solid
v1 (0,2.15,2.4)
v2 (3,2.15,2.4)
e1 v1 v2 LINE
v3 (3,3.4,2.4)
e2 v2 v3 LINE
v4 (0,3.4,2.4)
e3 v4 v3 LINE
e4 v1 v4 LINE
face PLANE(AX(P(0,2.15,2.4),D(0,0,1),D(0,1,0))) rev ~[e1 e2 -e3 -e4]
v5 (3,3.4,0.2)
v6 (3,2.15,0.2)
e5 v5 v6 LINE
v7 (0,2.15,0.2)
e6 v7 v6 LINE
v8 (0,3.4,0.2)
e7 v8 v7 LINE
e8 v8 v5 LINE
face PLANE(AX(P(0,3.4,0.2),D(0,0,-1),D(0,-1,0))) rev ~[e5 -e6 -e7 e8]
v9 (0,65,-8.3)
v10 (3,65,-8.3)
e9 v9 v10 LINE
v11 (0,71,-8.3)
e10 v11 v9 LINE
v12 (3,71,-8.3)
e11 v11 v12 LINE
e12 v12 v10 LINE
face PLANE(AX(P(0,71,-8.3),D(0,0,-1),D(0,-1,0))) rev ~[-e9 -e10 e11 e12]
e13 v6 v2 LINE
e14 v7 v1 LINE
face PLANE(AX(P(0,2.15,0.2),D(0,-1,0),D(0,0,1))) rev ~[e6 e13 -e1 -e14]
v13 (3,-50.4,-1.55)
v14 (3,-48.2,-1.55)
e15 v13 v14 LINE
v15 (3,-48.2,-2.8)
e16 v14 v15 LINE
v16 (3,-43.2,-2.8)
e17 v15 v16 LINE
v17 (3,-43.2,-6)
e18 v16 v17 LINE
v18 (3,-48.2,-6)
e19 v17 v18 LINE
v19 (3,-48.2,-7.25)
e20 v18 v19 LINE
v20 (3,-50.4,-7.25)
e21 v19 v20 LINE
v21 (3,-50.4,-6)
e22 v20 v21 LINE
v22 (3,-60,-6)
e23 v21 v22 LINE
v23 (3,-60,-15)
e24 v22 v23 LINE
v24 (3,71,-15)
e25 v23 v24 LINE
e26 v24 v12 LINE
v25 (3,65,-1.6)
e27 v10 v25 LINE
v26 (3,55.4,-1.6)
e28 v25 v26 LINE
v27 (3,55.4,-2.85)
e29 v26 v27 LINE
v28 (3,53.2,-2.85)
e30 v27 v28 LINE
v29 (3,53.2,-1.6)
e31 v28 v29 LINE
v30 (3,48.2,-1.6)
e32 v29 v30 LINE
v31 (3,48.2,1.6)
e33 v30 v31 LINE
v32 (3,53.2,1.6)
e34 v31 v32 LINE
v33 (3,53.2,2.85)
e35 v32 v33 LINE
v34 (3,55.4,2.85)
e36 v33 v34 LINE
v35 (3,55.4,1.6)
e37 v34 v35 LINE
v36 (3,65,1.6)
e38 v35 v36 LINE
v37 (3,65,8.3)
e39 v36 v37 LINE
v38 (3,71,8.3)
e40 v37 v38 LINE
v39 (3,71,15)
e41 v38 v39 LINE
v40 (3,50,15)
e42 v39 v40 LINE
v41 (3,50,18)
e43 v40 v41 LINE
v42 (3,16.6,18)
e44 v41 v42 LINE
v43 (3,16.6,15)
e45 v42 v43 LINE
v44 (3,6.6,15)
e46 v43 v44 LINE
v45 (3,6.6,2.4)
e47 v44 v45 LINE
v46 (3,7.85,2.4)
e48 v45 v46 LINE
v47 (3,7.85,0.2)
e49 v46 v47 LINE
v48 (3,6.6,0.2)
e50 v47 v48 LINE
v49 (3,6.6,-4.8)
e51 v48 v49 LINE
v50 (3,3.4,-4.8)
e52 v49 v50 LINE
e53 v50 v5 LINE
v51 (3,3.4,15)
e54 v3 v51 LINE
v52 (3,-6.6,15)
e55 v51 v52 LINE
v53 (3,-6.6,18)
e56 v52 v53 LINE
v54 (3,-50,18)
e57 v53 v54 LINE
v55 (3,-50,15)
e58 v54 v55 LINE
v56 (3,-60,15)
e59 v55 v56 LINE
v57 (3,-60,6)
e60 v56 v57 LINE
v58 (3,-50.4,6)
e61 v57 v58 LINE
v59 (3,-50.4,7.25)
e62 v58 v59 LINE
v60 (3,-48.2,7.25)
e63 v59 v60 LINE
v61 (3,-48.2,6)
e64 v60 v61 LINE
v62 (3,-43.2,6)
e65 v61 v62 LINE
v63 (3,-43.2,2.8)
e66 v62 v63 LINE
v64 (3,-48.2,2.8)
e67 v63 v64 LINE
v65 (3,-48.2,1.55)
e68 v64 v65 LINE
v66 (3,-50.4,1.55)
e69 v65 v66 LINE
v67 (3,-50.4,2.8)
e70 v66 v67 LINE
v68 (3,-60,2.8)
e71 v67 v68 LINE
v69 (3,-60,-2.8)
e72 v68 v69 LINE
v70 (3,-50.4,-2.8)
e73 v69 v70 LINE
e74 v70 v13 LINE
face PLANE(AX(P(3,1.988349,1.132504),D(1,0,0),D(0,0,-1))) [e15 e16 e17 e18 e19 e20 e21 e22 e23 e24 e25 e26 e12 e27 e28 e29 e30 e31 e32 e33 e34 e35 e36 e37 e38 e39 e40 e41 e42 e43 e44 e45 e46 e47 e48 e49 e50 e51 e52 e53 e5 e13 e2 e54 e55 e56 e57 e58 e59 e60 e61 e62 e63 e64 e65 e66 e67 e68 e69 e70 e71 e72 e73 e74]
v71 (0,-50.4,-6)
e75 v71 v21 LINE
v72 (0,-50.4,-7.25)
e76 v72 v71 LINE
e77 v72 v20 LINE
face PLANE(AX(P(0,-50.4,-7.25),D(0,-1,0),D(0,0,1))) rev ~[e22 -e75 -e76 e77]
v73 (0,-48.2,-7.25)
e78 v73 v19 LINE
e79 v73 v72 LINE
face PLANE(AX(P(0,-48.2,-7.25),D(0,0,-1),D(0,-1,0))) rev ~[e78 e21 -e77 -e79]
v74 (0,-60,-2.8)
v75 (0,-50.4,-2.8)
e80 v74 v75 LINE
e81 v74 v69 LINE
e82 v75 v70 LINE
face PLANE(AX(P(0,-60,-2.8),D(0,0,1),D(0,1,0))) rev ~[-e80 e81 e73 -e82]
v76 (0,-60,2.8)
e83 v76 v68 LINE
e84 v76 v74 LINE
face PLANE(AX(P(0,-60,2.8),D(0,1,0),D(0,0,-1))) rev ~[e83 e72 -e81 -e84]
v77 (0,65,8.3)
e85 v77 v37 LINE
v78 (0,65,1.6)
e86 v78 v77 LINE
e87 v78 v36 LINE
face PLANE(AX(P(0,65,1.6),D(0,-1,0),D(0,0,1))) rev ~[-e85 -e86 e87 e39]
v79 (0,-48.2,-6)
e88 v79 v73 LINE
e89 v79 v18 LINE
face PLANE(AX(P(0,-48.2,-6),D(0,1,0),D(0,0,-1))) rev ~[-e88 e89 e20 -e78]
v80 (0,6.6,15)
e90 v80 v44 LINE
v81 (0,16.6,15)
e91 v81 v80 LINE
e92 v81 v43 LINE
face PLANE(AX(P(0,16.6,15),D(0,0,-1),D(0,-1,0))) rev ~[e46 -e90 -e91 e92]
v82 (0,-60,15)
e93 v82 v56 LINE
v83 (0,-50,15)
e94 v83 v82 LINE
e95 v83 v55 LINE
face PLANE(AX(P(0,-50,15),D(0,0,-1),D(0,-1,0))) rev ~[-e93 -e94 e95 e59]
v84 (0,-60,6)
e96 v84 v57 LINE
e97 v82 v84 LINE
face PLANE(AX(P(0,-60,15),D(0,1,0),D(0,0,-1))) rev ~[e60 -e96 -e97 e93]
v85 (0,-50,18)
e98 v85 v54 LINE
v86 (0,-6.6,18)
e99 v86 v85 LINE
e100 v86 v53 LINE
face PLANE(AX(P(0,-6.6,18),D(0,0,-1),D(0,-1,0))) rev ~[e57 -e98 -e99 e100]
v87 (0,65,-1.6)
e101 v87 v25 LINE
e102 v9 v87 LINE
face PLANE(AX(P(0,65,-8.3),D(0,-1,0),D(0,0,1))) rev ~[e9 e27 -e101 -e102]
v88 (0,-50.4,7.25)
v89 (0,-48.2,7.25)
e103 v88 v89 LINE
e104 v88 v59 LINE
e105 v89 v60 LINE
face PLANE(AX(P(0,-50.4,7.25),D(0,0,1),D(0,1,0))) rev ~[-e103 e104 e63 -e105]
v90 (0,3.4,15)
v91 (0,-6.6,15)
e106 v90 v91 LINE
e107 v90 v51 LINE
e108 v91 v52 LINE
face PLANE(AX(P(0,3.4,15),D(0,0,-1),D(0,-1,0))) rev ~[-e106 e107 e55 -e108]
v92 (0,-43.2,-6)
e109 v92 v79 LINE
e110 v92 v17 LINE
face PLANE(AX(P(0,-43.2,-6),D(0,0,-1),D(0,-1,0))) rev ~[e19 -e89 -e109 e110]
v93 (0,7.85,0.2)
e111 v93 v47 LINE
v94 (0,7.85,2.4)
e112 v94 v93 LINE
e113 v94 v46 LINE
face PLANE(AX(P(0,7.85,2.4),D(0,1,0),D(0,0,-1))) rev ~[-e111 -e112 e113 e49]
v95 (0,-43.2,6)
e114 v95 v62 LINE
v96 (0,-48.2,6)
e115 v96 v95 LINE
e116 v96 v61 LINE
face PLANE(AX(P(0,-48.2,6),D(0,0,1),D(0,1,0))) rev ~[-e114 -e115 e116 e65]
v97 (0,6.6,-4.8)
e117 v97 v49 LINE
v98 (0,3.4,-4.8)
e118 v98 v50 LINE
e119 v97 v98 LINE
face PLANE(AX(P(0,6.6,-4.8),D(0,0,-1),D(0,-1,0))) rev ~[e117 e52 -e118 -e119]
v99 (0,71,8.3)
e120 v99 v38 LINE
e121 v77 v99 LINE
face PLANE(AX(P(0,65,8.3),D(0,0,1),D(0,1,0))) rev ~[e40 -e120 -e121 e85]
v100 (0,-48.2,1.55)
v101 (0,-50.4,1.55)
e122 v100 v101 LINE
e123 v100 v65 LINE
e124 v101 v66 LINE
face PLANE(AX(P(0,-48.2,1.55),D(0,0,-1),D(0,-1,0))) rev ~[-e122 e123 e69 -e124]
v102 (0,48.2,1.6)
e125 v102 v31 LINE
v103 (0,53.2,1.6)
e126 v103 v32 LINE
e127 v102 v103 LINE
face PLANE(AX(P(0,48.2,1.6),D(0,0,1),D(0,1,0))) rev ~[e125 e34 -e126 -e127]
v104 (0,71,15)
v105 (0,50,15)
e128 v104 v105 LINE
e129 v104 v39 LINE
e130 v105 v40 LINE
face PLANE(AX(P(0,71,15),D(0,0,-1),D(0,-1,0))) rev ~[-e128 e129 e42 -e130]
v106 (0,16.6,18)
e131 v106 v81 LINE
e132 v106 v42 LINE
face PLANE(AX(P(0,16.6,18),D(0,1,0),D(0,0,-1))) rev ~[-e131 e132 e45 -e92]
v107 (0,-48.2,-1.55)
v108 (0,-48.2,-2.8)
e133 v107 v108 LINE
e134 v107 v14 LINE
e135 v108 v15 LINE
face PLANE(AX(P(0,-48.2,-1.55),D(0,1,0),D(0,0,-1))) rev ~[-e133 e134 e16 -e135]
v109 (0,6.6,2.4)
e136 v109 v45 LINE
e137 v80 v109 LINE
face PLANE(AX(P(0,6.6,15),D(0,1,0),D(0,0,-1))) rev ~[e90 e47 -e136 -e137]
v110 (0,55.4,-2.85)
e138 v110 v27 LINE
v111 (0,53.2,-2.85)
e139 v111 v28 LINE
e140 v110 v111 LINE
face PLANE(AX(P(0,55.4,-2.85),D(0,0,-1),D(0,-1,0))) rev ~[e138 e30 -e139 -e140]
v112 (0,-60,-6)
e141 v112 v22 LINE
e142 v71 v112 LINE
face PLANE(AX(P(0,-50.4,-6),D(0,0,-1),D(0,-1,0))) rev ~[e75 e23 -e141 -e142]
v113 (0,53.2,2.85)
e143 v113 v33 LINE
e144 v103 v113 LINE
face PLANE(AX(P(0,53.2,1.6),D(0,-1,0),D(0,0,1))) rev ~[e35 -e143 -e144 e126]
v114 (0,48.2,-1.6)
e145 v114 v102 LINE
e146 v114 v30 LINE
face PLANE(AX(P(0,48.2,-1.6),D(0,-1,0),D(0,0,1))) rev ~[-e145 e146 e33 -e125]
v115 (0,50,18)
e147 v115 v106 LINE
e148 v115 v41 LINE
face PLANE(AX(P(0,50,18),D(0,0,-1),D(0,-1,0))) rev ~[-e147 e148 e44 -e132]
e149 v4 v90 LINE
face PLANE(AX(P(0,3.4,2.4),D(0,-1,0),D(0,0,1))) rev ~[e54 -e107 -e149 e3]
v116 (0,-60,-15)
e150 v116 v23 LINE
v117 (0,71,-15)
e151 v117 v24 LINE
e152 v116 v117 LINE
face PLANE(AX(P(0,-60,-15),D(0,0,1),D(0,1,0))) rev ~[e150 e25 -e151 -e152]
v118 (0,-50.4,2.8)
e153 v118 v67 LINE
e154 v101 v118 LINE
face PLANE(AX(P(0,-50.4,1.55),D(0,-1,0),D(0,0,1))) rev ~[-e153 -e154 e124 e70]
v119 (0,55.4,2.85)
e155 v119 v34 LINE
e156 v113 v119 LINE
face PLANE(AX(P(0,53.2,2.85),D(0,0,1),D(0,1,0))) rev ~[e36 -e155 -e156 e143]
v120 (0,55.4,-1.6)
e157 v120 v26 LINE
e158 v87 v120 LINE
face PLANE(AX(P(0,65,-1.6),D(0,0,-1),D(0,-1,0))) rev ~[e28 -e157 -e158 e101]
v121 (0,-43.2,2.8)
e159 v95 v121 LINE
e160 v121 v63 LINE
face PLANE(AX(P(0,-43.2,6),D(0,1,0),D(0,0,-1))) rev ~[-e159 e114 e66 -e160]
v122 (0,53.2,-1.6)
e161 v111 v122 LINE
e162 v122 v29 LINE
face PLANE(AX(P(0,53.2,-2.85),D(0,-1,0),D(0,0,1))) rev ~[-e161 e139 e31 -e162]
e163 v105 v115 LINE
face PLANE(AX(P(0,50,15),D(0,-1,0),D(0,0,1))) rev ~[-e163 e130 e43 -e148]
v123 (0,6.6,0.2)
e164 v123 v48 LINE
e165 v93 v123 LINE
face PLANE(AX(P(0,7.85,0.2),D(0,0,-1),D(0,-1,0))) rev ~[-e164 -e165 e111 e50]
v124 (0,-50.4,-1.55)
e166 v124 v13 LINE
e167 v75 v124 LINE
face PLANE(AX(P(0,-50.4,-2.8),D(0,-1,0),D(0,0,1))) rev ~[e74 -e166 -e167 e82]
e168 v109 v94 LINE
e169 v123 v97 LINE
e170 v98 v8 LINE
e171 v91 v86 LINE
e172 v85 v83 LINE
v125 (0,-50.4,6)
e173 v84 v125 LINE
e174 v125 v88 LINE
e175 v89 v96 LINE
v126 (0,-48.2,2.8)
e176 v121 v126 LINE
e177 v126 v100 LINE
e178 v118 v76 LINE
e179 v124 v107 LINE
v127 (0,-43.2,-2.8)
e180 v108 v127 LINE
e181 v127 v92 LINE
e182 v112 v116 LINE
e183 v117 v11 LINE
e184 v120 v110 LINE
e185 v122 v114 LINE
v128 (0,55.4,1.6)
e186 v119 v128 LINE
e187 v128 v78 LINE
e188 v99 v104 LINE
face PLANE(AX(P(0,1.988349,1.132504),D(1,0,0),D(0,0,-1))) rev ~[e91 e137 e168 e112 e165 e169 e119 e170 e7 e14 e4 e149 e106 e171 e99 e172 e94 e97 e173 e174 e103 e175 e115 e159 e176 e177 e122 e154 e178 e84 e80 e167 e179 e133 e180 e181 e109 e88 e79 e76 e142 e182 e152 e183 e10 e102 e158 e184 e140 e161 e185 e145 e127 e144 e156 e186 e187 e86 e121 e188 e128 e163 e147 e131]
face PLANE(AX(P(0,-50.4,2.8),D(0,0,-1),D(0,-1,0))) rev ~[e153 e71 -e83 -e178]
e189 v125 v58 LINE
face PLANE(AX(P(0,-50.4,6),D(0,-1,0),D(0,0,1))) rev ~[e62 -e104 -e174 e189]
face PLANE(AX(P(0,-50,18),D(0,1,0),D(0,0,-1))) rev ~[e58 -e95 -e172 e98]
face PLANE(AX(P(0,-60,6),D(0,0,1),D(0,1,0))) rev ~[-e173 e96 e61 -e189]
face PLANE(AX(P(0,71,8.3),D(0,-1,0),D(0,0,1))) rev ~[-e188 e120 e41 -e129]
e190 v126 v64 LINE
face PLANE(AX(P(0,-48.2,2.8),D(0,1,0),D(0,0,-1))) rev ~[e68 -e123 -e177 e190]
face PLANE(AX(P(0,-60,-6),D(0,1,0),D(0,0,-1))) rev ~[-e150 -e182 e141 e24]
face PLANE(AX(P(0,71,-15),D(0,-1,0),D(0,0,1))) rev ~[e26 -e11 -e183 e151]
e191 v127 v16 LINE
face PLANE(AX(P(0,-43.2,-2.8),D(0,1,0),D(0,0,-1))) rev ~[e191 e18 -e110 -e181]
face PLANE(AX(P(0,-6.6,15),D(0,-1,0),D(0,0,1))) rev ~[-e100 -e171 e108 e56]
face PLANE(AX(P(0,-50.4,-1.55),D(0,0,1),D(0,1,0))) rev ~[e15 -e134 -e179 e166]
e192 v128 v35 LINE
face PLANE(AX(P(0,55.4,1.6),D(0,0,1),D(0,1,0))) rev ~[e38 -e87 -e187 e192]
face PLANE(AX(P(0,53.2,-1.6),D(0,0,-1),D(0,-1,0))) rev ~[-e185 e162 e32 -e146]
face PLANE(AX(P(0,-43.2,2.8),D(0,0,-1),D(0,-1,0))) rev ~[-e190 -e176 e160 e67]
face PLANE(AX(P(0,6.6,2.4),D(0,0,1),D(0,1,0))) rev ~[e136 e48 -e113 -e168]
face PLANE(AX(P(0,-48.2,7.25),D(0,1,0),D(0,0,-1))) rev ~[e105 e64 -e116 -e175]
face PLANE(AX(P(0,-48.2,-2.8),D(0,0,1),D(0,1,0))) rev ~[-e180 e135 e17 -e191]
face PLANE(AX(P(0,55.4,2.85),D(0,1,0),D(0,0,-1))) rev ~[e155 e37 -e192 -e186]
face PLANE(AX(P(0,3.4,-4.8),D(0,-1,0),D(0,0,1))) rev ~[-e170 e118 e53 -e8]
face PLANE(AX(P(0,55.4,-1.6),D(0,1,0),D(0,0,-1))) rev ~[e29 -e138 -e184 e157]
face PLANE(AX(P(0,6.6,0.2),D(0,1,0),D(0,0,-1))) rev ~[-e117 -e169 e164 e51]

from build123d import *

# Parameters (mm, degrees)
BOSS_EXTRUDE1_DEPTH = 3


with BuildPart() as part:
    # Sketch1 → Boss-Extrude1 (new body)
    with BuildSketch(Plane(origin=(0, 0, 0), x_dir=(0, 0, -1), z_dir=(1, 0, 0))):
        Polygon((-2.8, -60), (2.8, -60), (2.8, -50.4), (1.55, -50.4), (1.55, -48.2), (2.8, -48.2), (2.8, -43.2), (6, -43.2), (6, -48.2), (7.25, -48.2), (7.25, -50.4), (6, -50.4), (6, -60), (15, -60), (15, 60), (15, 71), (8.3, 71), (8.3, 65), (1.6, 65), (1.6, 55.4), (2.85, 55.4), (2.85, 53.2), (1.6, 53.2), (1.6, 48.2), (-1.6, 48.2), (-1.6, 53.2), (-2.85, 53.2), (-2.85, 55.4), (-1.6, 55.4), (-1.6, 65), (-8.3, 65), (-8.3, 71), (-15, 71), (-15, 60), (-15, 55), (-15, 50), (-18, 50), (-18, 16.6), (-15, 16.6), (-15, 6.6), (-2.4, 6.6), (-2.4, 7.85), (-0.2, 7.85), (-0.2, 6.6), (4.8, 6.6), (4.8, 3.4), (-0.2, 3.4), (-0.2, 2.15), (-2.4, 2.15), (-2.4, 3.4), (-15, 3.4), (-15, -6.6), (-18, -6.6), (-18, -50), (-15, -50), (-15, -60), (-6, -60), (-6, -50.4), (-7.25, -50.4), (-7.25, -48.2), (-6, -48.2), (-6, -43.2), (-2.8, -43.2), (-2.8, -48.2), (-1.55, -48.2), (-1.55, -50.4), (-2.8, -50.4), align=None)
    extrude(amount=BOSS_EXTRUDE1_DEPTH)


solid = part.part
